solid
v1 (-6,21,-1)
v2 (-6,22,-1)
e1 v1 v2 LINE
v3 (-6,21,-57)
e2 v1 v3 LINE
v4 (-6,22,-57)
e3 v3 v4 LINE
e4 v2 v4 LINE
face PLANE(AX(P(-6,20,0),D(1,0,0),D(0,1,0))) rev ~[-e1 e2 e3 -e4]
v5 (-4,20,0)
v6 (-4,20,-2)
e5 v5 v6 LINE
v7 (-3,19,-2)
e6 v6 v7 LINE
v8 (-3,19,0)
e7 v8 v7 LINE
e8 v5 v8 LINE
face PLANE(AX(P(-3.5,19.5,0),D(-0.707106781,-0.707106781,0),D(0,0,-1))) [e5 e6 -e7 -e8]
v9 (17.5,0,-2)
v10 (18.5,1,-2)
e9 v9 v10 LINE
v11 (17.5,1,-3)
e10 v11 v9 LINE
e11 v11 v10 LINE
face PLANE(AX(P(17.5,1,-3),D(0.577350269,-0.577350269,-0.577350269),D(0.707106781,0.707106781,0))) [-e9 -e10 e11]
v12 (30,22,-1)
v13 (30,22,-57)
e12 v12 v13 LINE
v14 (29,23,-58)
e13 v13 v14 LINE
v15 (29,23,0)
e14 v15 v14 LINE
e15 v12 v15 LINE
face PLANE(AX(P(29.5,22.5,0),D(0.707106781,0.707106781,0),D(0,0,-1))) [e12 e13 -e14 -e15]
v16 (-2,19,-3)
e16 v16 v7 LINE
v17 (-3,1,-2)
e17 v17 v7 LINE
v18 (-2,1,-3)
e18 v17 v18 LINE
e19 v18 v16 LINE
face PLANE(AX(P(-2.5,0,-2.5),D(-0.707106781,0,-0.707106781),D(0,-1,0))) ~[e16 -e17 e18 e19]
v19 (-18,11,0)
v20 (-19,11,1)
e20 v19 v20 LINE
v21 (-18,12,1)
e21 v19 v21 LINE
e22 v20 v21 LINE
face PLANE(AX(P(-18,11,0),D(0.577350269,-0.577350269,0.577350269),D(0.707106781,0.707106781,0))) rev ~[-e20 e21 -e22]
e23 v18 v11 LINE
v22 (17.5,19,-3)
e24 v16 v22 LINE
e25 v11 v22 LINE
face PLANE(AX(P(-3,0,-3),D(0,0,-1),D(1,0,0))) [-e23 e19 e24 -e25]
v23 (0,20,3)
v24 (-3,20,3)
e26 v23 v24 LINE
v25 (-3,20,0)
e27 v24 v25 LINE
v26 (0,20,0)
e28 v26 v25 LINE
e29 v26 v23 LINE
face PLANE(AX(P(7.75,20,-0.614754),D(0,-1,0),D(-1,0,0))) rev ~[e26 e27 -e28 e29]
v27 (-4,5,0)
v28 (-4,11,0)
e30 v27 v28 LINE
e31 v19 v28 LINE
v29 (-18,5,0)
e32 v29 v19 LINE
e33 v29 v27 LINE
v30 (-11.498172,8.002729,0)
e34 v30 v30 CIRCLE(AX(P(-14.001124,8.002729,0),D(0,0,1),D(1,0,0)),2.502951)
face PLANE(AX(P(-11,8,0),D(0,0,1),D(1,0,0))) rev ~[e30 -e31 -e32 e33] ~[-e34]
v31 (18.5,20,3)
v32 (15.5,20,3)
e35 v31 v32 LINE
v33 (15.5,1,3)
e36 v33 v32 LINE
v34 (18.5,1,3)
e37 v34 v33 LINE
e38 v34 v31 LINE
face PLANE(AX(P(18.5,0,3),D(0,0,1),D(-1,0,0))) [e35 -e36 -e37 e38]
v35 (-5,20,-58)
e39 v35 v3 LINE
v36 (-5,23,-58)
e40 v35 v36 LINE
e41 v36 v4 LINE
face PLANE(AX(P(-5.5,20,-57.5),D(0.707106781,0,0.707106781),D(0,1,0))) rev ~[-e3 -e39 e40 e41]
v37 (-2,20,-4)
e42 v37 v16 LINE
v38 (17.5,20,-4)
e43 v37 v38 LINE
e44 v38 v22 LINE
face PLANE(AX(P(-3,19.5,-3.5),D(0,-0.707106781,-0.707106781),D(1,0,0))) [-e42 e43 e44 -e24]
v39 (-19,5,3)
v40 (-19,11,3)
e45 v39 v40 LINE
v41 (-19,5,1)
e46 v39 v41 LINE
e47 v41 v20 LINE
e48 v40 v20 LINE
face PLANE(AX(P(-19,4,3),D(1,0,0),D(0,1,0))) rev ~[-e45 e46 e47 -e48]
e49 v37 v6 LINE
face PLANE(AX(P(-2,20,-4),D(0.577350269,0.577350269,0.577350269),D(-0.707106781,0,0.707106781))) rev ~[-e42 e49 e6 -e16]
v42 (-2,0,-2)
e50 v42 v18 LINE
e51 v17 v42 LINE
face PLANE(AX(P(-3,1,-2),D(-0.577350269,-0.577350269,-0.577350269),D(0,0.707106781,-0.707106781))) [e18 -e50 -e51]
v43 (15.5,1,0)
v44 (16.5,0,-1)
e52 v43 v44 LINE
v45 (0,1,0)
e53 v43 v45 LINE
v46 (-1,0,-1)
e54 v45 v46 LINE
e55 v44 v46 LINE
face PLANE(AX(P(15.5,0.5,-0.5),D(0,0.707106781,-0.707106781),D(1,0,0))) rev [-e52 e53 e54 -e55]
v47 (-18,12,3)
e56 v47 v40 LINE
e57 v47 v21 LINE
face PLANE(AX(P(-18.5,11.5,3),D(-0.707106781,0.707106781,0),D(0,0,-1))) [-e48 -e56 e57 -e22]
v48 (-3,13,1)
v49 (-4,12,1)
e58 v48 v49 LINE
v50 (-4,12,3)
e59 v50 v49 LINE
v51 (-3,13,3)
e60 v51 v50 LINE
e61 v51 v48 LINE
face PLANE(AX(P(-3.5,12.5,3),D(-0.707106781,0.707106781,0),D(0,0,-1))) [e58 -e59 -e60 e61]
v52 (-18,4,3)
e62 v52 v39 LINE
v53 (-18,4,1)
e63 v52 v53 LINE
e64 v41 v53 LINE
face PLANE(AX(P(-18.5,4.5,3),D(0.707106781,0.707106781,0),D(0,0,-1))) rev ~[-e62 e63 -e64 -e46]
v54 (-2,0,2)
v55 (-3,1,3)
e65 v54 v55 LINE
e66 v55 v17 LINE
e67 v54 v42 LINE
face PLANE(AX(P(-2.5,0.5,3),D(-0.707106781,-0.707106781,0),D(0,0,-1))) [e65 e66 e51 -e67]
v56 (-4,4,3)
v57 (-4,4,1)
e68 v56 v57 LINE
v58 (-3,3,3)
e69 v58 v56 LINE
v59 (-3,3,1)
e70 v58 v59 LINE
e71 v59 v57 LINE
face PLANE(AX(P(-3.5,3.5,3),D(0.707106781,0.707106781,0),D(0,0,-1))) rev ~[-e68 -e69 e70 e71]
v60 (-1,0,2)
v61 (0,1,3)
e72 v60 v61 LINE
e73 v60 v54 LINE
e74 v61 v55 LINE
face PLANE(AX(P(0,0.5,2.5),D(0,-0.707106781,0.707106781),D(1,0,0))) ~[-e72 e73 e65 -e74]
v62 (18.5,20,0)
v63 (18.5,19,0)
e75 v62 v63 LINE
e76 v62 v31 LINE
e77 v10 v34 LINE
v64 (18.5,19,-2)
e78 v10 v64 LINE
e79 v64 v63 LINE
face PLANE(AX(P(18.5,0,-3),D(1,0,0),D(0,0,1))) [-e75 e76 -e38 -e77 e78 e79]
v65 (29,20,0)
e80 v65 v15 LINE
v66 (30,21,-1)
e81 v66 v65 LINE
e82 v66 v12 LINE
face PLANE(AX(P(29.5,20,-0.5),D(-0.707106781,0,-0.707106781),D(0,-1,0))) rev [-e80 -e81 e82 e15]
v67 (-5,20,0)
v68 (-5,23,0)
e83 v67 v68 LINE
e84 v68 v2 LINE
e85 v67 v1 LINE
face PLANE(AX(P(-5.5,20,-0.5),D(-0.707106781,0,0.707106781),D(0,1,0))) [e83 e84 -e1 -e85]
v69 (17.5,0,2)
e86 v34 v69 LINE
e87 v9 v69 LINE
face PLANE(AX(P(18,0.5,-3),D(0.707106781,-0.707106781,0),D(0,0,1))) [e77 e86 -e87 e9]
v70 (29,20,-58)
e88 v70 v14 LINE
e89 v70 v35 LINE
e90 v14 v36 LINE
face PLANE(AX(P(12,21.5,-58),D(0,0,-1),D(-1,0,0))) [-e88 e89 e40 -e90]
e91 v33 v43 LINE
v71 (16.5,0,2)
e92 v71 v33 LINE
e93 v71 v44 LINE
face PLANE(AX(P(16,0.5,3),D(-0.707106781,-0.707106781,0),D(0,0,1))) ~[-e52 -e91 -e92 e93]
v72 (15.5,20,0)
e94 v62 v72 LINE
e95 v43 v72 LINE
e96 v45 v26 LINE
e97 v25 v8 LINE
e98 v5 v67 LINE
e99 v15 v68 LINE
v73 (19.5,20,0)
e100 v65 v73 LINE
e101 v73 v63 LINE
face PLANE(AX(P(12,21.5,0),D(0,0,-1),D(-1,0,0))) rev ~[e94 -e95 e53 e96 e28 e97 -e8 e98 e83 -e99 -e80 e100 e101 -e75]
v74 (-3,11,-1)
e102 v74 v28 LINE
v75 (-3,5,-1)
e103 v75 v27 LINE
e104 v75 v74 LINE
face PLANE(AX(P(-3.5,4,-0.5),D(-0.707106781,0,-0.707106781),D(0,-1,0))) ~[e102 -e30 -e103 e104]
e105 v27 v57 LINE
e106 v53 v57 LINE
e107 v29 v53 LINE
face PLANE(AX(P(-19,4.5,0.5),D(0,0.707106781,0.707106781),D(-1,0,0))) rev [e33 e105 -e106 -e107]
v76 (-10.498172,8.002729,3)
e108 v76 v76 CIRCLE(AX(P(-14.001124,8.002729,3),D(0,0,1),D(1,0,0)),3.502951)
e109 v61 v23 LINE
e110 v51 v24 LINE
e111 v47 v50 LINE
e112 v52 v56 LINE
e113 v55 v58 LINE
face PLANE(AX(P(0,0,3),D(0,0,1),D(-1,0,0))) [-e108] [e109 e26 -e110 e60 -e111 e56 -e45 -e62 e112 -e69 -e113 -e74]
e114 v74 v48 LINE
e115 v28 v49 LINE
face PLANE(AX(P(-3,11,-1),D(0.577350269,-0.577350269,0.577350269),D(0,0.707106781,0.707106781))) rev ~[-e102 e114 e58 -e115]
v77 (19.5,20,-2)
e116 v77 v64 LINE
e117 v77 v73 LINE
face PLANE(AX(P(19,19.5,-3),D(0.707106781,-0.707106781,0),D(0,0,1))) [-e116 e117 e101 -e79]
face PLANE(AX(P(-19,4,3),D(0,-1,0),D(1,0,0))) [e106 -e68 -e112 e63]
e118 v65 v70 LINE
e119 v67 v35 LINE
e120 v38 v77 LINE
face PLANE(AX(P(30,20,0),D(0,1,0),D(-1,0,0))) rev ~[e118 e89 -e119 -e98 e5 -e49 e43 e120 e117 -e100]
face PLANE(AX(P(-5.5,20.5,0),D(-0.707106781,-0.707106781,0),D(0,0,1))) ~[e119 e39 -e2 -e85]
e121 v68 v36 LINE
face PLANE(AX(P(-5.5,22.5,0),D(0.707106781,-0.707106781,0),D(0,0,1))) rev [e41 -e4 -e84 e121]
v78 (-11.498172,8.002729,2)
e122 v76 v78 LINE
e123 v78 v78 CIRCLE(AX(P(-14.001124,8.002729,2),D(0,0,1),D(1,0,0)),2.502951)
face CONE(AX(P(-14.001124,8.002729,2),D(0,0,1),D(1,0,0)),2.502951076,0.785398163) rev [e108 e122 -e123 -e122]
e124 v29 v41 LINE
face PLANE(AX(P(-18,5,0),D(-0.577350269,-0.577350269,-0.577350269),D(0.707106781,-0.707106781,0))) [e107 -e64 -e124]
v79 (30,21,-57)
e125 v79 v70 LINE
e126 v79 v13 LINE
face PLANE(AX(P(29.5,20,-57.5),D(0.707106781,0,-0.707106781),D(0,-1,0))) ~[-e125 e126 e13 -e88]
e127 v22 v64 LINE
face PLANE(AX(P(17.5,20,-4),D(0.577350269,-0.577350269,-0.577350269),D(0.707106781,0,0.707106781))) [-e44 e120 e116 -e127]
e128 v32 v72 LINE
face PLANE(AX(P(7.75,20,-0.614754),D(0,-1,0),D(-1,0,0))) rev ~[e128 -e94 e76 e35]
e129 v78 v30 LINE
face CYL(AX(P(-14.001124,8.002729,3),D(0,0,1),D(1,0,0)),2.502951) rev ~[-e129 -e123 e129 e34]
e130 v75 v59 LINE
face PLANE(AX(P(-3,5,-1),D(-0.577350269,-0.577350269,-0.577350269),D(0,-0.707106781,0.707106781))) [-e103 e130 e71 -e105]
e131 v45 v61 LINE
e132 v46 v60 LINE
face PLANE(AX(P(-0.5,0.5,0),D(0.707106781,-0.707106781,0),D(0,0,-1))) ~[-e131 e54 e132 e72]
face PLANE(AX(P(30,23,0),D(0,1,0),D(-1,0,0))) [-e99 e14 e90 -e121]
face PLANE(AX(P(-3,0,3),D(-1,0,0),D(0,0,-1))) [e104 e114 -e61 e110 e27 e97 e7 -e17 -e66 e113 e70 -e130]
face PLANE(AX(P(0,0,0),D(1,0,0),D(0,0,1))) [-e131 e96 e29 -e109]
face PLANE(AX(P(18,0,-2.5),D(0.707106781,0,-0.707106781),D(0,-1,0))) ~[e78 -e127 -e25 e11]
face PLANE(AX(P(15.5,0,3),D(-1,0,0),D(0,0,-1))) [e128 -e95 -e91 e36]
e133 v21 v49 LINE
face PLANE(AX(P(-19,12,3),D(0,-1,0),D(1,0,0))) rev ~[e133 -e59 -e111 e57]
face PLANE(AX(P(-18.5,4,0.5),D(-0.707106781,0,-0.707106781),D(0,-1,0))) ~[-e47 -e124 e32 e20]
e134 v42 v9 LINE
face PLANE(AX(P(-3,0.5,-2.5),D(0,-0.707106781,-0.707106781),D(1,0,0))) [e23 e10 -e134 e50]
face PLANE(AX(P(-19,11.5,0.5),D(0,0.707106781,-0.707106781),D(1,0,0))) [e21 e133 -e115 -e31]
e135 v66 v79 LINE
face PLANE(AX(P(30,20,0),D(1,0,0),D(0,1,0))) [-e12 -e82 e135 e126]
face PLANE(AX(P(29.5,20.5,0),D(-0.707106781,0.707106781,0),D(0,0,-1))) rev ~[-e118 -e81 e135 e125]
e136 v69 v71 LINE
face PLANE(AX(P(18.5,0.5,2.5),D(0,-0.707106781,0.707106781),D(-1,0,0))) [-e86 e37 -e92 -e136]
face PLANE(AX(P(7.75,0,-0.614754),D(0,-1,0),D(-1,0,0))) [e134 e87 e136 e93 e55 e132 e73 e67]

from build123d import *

# Parameters (mm, degrees)
EXTRUDE_1_DEPTH = 20
SKETCH_2_W      = 16
SKETCH_2_H      = 8
SKETCH_2_R      = 2.502951076
EXTRUDE_2_DEPTH = 3
EXTRUDE_START   = -3
SKETCH_3_W      = 36
SKETCH_3_H      = 3
EXTRUDE_3_DEPTH = 58
CHAMFER_1_SIZE  = 1


with BuildPart() as part:
    # 草图1 → 凸台-拉伸1 (new body)
    with BuildSketch(Plane(origin=(0, 0, 0), x_dir=(1, 0, 0), z_dir=(0, 1, 0))):
        Polygon((-3, 3), (18.5, 3), (18.5, -3), (15.5, -3), (15.5, 0), (0, 0), (0, -3), (-3, -3), align=None)
    extrude(amount=EXTRUDE_1_DEPTH)

    # 草图2 → 凸台-拉伸2 (add)
    with BuildSketch(Plane.XY.offset(3)):
        with Locations((-11, 8)):
            Rectangle(SKETCH_2_W, SKETCH_2_H)
        with Locations((-14.001123559, 8.002728821)):
            Circle(SKETCH_2_R, mode=Mode.SUBTRACT)
    extrude(amount=-EXTRUDE_2_DEPTH)

    # 草图3 → 凸台-拉伸3 (add)
    with BuildSketch(Plane(origin=(0, 0, -3), x_dir=(-1, 0, 0), z_dir=(0, 0, -1)).offset(EXTRUDE_START)):
        with Locations((-12, 21.5)):
            Rectangle(SKETCH_3_W, SKETCH_3_H)
    extrude(amount=EXTRUDE_3_DEPTH)

    # 倒角1
    chamfer_1_edges = [part.edges().sort_by_distance(p)[0] for p in [
        (30, 23, -29),
        (30, 21.5, -58),
        (30, 20, -29),
        (30, 21.5, 0),
        (-6, 20, -29),
        (-6, 21.5, -58),
        (-6, 23, -29),
        (-6, 21.5, 0),
        (-16.504074634, 8.002728821, 3),
        (-3, 4, 1.5),
        (-3, 12, 1.5),
        (-19, 12, 1.5),
        (-19, 4, 1.5),
        (-19, 8, 0),
        (-11, 4, 0),
        (-11, 12, 0),
        (-3, 8, 0),
        (-3, 20, -1.5),
        (18.5, 20, -1.5),
        (7.75, 0, 0),
        (15.5, 0, 1.5),
        (17, 0, 3),
        (18.5, 0, 0),
        (7.75, 0, -3),
        (0, 0, 1.5),
        (-1.5, 0, 3),
        (-3, 0, 0),
        (-3, 10, -3),
        (18.5, 10, -3),
        (7.75, 20, -3),
    ]]
    chamfer(chamfer_1_edges, length=CHAMFER_1_SIZE)


solid = part.part
